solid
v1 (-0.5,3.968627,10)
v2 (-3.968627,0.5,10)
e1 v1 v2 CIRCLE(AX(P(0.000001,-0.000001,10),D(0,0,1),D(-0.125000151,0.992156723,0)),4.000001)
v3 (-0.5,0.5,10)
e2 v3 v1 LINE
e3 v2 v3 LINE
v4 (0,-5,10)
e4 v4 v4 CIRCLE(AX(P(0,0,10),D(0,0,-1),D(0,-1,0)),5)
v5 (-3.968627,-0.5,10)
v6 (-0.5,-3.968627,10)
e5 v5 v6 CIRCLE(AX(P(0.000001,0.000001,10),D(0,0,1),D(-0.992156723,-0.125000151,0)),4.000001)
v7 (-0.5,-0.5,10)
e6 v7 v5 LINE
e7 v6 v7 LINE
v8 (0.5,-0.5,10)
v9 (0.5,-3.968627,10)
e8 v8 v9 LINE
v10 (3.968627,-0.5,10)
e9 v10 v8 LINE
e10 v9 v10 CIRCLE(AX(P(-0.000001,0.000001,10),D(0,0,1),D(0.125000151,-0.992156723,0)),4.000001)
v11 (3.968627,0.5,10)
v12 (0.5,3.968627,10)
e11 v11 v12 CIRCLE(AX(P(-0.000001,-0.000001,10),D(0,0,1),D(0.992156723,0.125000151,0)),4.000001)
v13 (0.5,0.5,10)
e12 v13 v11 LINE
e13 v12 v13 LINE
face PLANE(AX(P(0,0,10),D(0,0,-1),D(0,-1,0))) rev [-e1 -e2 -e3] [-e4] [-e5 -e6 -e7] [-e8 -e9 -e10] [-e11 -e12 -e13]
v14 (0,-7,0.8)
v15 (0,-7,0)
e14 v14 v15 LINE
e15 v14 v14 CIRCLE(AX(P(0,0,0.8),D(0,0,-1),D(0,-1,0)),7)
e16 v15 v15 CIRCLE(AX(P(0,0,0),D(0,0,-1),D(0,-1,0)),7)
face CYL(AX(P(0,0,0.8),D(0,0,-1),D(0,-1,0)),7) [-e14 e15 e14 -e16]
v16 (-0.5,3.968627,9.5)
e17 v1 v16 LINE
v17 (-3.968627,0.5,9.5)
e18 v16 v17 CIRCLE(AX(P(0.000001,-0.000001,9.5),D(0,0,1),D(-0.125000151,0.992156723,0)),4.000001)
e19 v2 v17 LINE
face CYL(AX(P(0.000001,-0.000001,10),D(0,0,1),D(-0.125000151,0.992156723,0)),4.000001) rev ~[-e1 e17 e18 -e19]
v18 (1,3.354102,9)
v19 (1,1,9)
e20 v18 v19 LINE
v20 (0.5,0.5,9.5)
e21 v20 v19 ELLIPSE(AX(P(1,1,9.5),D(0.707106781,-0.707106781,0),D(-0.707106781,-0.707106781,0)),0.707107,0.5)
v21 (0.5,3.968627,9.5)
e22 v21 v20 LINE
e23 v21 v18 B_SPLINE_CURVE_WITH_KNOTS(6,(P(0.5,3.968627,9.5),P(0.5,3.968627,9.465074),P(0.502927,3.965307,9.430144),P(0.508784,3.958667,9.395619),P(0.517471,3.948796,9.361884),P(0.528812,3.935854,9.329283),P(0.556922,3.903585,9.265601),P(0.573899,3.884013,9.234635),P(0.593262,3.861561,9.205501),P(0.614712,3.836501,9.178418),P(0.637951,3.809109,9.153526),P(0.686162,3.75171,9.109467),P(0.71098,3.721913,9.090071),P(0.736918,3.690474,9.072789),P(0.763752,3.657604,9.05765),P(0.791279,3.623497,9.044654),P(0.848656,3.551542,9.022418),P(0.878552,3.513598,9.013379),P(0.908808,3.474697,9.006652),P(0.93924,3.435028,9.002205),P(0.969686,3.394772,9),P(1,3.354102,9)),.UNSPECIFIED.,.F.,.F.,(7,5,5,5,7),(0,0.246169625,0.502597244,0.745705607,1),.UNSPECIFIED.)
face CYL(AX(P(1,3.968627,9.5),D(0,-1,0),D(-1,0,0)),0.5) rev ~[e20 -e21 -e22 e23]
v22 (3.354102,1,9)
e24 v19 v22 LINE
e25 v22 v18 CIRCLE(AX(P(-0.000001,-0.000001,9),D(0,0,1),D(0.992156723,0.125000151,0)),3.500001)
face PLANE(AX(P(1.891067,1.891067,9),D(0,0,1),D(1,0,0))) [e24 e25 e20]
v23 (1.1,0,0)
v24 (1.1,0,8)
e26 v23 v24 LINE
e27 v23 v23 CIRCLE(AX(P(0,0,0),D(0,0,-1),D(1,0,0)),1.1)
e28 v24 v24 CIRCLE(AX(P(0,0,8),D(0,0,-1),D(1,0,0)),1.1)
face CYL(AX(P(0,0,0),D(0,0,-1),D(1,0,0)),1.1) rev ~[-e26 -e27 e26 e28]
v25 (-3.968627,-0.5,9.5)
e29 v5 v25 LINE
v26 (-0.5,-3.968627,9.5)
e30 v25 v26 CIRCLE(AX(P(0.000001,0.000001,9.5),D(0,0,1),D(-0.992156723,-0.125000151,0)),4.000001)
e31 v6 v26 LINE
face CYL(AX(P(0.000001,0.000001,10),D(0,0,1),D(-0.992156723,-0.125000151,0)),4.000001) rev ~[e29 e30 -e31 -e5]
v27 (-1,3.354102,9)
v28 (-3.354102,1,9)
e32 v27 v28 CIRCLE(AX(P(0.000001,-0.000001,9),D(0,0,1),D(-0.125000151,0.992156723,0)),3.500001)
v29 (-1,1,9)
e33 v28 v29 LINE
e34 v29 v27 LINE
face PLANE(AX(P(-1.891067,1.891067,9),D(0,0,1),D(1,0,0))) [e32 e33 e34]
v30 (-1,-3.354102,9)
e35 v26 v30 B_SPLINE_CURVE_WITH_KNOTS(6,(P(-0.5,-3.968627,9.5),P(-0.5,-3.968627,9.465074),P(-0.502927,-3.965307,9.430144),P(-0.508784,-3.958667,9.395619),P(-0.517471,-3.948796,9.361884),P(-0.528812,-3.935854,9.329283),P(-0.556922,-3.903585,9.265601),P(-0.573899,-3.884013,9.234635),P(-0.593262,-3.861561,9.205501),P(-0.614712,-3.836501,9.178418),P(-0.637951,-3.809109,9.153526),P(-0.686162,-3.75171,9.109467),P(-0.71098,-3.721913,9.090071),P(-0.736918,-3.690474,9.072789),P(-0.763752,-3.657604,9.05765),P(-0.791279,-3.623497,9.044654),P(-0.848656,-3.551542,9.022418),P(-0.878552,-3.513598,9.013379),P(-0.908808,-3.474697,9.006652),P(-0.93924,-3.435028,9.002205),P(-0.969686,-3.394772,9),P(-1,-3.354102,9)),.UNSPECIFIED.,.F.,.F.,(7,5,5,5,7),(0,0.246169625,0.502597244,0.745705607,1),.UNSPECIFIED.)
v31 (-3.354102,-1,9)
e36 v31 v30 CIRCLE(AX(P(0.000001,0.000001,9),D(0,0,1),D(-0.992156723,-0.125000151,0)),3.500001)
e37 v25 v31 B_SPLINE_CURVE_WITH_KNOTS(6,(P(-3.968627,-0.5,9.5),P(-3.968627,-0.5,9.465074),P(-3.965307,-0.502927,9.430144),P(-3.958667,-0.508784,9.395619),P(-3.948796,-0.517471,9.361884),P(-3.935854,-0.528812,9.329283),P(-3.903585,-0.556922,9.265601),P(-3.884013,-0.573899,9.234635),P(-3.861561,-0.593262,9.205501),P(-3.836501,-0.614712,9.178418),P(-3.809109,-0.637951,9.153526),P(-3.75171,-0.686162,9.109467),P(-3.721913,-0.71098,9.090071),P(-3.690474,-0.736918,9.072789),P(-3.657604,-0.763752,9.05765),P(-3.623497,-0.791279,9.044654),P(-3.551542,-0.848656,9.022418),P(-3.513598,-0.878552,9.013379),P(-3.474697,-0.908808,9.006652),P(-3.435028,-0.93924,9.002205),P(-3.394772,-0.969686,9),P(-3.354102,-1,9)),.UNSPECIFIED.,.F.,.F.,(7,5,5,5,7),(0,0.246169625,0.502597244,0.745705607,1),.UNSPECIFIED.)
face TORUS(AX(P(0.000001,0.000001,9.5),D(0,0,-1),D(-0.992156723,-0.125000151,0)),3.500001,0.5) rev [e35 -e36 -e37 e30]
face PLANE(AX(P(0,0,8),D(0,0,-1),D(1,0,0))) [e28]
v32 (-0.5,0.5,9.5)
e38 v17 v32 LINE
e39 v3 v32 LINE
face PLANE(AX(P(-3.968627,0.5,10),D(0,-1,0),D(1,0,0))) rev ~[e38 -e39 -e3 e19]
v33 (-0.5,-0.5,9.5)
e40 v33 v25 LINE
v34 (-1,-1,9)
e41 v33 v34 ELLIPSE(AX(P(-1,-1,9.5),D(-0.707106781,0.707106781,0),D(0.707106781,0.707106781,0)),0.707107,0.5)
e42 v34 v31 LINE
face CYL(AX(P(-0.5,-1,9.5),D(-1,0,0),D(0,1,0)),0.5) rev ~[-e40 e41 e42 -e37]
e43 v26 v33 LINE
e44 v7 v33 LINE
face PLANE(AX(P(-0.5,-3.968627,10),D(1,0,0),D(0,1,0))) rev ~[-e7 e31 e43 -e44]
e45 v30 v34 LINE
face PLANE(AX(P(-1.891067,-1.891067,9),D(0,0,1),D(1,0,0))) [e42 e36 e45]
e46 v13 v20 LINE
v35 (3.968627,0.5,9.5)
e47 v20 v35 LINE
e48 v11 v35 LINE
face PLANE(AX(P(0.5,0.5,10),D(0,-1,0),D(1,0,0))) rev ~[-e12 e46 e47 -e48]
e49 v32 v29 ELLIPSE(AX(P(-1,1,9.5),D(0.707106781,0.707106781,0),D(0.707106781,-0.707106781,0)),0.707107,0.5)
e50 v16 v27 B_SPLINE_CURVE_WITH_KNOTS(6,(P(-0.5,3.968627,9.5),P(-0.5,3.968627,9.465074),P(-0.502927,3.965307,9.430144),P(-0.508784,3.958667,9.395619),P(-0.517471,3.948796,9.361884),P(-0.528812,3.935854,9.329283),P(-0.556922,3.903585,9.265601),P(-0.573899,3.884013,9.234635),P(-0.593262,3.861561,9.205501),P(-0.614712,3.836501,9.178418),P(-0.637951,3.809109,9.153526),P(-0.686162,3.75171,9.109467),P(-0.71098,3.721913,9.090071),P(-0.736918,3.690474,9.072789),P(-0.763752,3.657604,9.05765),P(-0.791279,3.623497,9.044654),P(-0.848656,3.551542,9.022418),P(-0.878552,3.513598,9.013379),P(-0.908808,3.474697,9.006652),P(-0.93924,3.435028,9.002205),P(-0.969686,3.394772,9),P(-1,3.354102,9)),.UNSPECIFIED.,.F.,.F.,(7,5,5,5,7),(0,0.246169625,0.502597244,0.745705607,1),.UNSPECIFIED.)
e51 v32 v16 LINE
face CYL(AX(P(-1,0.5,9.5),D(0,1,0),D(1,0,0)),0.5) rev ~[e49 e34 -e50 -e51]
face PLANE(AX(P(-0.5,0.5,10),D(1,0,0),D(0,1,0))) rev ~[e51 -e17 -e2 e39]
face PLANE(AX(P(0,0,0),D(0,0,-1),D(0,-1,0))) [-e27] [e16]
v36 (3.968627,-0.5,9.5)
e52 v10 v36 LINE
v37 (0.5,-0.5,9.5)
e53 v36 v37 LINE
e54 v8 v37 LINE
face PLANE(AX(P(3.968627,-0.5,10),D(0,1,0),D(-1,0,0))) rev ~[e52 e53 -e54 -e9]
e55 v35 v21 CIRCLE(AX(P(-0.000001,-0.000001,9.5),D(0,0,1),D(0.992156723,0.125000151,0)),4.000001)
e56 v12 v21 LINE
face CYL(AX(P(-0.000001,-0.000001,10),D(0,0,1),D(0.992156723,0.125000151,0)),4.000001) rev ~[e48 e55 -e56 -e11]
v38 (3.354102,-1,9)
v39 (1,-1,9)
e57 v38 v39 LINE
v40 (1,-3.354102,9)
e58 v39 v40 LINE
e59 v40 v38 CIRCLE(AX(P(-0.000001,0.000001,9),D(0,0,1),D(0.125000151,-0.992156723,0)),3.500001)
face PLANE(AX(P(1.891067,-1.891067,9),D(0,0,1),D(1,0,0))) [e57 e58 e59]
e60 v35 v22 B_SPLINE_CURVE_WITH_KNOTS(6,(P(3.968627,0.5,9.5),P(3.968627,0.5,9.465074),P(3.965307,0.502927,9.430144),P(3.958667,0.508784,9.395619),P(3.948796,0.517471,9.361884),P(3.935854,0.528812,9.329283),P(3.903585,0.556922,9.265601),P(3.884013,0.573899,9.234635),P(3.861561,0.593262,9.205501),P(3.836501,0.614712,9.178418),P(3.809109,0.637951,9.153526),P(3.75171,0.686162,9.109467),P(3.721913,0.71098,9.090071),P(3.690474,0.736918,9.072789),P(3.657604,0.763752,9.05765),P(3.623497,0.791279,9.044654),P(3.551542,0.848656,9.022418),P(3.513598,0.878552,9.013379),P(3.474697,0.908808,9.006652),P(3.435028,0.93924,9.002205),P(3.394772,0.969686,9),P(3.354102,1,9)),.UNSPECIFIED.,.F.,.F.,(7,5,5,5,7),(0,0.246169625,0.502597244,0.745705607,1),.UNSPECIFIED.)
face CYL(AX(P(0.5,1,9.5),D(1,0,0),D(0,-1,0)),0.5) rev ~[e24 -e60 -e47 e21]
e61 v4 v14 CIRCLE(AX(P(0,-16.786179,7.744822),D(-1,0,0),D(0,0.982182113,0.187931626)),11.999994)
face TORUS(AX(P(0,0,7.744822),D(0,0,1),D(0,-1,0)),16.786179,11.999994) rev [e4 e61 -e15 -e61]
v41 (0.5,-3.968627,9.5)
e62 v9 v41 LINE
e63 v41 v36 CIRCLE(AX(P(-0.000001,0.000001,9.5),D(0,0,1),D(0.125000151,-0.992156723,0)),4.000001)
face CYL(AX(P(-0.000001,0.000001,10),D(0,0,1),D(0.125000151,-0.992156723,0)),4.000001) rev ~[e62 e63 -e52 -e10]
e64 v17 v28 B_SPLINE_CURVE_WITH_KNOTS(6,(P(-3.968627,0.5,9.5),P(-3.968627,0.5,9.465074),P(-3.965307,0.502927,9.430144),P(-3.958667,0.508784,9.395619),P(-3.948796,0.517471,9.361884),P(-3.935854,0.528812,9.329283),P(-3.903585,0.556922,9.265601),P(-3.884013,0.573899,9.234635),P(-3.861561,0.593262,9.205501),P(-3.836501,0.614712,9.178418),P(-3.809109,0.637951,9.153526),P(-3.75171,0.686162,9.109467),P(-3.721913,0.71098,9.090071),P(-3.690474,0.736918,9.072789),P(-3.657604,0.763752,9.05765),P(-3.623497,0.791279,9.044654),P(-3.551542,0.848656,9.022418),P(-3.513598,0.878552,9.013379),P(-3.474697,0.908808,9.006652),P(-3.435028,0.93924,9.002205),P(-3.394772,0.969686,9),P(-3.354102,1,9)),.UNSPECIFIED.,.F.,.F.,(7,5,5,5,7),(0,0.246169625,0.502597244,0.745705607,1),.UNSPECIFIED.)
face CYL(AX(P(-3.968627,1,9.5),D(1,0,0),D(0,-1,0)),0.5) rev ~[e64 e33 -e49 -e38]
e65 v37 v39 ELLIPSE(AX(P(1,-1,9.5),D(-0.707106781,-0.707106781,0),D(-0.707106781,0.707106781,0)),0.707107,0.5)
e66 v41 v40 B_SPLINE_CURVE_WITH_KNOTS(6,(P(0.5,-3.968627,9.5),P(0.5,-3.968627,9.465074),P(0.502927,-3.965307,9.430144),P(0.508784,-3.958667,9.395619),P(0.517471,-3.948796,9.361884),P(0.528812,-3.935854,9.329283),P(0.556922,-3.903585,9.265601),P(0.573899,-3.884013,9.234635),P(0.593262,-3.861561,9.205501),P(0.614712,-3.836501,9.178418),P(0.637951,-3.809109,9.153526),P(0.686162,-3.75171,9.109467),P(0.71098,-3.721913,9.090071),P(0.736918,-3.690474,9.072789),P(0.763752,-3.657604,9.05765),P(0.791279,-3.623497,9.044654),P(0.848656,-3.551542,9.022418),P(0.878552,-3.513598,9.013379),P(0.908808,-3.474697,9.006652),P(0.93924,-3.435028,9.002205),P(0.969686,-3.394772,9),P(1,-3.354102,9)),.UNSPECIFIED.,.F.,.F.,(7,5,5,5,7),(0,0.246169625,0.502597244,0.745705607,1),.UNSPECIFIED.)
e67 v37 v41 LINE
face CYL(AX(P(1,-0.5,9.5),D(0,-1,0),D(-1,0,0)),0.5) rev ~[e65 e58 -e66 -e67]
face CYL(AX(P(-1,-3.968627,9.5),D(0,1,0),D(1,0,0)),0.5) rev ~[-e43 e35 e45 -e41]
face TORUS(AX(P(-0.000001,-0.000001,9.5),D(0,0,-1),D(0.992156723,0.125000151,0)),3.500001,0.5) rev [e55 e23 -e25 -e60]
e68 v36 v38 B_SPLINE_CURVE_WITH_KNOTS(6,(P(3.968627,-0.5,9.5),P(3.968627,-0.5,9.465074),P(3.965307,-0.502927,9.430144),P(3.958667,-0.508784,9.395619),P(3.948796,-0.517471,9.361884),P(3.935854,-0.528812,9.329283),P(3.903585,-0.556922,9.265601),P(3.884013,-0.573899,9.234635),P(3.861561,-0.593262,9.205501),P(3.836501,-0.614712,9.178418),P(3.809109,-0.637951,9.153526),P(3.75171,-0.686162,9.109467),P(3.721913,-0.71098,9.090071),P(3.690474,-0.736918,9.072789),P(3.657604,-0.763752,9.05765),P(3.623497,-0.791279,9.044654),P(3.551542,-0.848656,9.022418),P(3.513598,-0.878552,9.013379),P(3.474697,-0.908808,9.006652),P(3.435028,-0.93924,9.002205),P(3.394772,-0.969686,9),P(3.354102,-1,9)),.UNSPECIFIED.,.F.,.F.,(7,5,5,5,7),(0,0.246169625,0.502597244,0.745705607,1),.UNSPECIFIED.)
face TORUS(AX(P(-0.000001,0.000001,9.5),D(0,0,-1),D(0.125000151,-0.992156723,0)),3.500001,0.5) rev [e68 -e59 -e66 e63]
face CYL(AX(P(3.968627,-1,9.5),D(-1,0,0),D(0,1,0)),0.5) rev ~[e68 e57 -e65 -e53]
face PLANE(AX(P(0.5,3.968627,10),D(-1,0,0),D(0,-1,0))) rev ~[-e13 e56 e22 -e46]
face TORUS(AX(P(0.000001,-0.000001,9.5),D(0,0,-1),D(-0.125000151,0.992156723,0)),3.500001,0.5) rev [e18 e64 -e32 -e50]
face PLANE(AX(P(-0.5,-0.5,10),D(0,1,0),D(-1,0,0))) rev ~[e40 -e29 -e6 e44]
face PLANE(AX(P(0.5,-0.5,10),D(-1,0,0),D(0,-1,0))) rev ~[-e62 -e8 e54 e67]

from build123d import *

# Parameters (mm, degrees)
F2_R     = 1.1
F3_DEPTH = 8
F5_DEPTH = 1
F6_R     = 0.5


with BuildPart() as f1:
    # F0 (on Right) → F1 (revolve)
    with BuildSketch(Plane.YZ):
        with BuildLine():
            Line((-7, 0), (0, 0))
            Line((0, 0), (0, 10))
            Line((0, 10), (-5, 10))
            ThreePointArc((-5, 10), (-5.060069, 5.195667), (-7, 0.8))
            Line((-7, 0.8), (-7, 0))
        make_face()
    revolve(axis=Axis((0, 0, 7.262046), (0, 0, -1)))

    # F2 (on face) → F3 (cut)
    with BuildSketch(Plane(origin=(0, 0, 0), x_dir=(1, 0, 0), z_dir=(0, 0, -1))):
        Circle(F2_R)
    extrude(amount=-F3_DEPTH, mode=Mode.SUBTRACT)

    # F4 (on face) → F5 (cut)
    with BuildSketch(Plane.XY.offset(10)):
        with BuildLine():
            Line((-0.5, 0.5), (-0.5, 3.968627))
            ThreePointArc((-0.5, 3.968627), (-2.828427, 2.828427), (-3.968627, 0.5))
            Line((-3.968627, 0.5), (-0.5, 0.5))
        make_face()
        with BuildLine():
            ThreePointArc((3.968627, 0.5), (2.828427, 2.828427), (0.5, 3.968627))
            Line((0.5, 3.968627), (0.5, 0.5))
            Line((0.5, 0.5), (3.968627, 0.5))
        make_face()
        with BuildLine():
            Line((-0.5, -0.5), (-3.968627, -0.5))
            ThreePointArc((-3.968627, -0.5), (-2.828427, -2.828427), (-0.5, -3.968627))
            Line((-0.5, -3.968627), (-0.5, -0.5))
        make_face()
        with BuildLine():
            Line((0.5, -0.5), (0.5, -3.968627))
            ThreePointArc((0.5, -3.968627), (2.828427, -2.828427), (3.968627, -0.5))
            Line((3.968627, -0.5), (0.5, -0.5))
        make_face()
    extrude(amount=-F5_DEPTH, mode=Mode.SUBTRACT)

    # F6
    f6_edges = [f1.edges().sort_by_distance(p)[0] for p in [
        (-2.234313, 0.5, 9),
        (-0.5, 2.234313, 9),
        (-2.828427, 2.828427, 9),
        (2.828427, 2.828427, 9),
        (0.5, 2.234313, 9),
        (2.234313, 0.5, 9),
        (2.234313, -0.5, 9),
        (0.5, -2.234313, 9),
        (2.828427, -2.828427, 9),
        (-0.5, -2.234313, 9),
        (-2.234313, -0.5, 9),
        (-2.828427, -2.828427, 9),
    ]]
    fillet(f6_edges, radius=F6_R)


solid = f1.part
